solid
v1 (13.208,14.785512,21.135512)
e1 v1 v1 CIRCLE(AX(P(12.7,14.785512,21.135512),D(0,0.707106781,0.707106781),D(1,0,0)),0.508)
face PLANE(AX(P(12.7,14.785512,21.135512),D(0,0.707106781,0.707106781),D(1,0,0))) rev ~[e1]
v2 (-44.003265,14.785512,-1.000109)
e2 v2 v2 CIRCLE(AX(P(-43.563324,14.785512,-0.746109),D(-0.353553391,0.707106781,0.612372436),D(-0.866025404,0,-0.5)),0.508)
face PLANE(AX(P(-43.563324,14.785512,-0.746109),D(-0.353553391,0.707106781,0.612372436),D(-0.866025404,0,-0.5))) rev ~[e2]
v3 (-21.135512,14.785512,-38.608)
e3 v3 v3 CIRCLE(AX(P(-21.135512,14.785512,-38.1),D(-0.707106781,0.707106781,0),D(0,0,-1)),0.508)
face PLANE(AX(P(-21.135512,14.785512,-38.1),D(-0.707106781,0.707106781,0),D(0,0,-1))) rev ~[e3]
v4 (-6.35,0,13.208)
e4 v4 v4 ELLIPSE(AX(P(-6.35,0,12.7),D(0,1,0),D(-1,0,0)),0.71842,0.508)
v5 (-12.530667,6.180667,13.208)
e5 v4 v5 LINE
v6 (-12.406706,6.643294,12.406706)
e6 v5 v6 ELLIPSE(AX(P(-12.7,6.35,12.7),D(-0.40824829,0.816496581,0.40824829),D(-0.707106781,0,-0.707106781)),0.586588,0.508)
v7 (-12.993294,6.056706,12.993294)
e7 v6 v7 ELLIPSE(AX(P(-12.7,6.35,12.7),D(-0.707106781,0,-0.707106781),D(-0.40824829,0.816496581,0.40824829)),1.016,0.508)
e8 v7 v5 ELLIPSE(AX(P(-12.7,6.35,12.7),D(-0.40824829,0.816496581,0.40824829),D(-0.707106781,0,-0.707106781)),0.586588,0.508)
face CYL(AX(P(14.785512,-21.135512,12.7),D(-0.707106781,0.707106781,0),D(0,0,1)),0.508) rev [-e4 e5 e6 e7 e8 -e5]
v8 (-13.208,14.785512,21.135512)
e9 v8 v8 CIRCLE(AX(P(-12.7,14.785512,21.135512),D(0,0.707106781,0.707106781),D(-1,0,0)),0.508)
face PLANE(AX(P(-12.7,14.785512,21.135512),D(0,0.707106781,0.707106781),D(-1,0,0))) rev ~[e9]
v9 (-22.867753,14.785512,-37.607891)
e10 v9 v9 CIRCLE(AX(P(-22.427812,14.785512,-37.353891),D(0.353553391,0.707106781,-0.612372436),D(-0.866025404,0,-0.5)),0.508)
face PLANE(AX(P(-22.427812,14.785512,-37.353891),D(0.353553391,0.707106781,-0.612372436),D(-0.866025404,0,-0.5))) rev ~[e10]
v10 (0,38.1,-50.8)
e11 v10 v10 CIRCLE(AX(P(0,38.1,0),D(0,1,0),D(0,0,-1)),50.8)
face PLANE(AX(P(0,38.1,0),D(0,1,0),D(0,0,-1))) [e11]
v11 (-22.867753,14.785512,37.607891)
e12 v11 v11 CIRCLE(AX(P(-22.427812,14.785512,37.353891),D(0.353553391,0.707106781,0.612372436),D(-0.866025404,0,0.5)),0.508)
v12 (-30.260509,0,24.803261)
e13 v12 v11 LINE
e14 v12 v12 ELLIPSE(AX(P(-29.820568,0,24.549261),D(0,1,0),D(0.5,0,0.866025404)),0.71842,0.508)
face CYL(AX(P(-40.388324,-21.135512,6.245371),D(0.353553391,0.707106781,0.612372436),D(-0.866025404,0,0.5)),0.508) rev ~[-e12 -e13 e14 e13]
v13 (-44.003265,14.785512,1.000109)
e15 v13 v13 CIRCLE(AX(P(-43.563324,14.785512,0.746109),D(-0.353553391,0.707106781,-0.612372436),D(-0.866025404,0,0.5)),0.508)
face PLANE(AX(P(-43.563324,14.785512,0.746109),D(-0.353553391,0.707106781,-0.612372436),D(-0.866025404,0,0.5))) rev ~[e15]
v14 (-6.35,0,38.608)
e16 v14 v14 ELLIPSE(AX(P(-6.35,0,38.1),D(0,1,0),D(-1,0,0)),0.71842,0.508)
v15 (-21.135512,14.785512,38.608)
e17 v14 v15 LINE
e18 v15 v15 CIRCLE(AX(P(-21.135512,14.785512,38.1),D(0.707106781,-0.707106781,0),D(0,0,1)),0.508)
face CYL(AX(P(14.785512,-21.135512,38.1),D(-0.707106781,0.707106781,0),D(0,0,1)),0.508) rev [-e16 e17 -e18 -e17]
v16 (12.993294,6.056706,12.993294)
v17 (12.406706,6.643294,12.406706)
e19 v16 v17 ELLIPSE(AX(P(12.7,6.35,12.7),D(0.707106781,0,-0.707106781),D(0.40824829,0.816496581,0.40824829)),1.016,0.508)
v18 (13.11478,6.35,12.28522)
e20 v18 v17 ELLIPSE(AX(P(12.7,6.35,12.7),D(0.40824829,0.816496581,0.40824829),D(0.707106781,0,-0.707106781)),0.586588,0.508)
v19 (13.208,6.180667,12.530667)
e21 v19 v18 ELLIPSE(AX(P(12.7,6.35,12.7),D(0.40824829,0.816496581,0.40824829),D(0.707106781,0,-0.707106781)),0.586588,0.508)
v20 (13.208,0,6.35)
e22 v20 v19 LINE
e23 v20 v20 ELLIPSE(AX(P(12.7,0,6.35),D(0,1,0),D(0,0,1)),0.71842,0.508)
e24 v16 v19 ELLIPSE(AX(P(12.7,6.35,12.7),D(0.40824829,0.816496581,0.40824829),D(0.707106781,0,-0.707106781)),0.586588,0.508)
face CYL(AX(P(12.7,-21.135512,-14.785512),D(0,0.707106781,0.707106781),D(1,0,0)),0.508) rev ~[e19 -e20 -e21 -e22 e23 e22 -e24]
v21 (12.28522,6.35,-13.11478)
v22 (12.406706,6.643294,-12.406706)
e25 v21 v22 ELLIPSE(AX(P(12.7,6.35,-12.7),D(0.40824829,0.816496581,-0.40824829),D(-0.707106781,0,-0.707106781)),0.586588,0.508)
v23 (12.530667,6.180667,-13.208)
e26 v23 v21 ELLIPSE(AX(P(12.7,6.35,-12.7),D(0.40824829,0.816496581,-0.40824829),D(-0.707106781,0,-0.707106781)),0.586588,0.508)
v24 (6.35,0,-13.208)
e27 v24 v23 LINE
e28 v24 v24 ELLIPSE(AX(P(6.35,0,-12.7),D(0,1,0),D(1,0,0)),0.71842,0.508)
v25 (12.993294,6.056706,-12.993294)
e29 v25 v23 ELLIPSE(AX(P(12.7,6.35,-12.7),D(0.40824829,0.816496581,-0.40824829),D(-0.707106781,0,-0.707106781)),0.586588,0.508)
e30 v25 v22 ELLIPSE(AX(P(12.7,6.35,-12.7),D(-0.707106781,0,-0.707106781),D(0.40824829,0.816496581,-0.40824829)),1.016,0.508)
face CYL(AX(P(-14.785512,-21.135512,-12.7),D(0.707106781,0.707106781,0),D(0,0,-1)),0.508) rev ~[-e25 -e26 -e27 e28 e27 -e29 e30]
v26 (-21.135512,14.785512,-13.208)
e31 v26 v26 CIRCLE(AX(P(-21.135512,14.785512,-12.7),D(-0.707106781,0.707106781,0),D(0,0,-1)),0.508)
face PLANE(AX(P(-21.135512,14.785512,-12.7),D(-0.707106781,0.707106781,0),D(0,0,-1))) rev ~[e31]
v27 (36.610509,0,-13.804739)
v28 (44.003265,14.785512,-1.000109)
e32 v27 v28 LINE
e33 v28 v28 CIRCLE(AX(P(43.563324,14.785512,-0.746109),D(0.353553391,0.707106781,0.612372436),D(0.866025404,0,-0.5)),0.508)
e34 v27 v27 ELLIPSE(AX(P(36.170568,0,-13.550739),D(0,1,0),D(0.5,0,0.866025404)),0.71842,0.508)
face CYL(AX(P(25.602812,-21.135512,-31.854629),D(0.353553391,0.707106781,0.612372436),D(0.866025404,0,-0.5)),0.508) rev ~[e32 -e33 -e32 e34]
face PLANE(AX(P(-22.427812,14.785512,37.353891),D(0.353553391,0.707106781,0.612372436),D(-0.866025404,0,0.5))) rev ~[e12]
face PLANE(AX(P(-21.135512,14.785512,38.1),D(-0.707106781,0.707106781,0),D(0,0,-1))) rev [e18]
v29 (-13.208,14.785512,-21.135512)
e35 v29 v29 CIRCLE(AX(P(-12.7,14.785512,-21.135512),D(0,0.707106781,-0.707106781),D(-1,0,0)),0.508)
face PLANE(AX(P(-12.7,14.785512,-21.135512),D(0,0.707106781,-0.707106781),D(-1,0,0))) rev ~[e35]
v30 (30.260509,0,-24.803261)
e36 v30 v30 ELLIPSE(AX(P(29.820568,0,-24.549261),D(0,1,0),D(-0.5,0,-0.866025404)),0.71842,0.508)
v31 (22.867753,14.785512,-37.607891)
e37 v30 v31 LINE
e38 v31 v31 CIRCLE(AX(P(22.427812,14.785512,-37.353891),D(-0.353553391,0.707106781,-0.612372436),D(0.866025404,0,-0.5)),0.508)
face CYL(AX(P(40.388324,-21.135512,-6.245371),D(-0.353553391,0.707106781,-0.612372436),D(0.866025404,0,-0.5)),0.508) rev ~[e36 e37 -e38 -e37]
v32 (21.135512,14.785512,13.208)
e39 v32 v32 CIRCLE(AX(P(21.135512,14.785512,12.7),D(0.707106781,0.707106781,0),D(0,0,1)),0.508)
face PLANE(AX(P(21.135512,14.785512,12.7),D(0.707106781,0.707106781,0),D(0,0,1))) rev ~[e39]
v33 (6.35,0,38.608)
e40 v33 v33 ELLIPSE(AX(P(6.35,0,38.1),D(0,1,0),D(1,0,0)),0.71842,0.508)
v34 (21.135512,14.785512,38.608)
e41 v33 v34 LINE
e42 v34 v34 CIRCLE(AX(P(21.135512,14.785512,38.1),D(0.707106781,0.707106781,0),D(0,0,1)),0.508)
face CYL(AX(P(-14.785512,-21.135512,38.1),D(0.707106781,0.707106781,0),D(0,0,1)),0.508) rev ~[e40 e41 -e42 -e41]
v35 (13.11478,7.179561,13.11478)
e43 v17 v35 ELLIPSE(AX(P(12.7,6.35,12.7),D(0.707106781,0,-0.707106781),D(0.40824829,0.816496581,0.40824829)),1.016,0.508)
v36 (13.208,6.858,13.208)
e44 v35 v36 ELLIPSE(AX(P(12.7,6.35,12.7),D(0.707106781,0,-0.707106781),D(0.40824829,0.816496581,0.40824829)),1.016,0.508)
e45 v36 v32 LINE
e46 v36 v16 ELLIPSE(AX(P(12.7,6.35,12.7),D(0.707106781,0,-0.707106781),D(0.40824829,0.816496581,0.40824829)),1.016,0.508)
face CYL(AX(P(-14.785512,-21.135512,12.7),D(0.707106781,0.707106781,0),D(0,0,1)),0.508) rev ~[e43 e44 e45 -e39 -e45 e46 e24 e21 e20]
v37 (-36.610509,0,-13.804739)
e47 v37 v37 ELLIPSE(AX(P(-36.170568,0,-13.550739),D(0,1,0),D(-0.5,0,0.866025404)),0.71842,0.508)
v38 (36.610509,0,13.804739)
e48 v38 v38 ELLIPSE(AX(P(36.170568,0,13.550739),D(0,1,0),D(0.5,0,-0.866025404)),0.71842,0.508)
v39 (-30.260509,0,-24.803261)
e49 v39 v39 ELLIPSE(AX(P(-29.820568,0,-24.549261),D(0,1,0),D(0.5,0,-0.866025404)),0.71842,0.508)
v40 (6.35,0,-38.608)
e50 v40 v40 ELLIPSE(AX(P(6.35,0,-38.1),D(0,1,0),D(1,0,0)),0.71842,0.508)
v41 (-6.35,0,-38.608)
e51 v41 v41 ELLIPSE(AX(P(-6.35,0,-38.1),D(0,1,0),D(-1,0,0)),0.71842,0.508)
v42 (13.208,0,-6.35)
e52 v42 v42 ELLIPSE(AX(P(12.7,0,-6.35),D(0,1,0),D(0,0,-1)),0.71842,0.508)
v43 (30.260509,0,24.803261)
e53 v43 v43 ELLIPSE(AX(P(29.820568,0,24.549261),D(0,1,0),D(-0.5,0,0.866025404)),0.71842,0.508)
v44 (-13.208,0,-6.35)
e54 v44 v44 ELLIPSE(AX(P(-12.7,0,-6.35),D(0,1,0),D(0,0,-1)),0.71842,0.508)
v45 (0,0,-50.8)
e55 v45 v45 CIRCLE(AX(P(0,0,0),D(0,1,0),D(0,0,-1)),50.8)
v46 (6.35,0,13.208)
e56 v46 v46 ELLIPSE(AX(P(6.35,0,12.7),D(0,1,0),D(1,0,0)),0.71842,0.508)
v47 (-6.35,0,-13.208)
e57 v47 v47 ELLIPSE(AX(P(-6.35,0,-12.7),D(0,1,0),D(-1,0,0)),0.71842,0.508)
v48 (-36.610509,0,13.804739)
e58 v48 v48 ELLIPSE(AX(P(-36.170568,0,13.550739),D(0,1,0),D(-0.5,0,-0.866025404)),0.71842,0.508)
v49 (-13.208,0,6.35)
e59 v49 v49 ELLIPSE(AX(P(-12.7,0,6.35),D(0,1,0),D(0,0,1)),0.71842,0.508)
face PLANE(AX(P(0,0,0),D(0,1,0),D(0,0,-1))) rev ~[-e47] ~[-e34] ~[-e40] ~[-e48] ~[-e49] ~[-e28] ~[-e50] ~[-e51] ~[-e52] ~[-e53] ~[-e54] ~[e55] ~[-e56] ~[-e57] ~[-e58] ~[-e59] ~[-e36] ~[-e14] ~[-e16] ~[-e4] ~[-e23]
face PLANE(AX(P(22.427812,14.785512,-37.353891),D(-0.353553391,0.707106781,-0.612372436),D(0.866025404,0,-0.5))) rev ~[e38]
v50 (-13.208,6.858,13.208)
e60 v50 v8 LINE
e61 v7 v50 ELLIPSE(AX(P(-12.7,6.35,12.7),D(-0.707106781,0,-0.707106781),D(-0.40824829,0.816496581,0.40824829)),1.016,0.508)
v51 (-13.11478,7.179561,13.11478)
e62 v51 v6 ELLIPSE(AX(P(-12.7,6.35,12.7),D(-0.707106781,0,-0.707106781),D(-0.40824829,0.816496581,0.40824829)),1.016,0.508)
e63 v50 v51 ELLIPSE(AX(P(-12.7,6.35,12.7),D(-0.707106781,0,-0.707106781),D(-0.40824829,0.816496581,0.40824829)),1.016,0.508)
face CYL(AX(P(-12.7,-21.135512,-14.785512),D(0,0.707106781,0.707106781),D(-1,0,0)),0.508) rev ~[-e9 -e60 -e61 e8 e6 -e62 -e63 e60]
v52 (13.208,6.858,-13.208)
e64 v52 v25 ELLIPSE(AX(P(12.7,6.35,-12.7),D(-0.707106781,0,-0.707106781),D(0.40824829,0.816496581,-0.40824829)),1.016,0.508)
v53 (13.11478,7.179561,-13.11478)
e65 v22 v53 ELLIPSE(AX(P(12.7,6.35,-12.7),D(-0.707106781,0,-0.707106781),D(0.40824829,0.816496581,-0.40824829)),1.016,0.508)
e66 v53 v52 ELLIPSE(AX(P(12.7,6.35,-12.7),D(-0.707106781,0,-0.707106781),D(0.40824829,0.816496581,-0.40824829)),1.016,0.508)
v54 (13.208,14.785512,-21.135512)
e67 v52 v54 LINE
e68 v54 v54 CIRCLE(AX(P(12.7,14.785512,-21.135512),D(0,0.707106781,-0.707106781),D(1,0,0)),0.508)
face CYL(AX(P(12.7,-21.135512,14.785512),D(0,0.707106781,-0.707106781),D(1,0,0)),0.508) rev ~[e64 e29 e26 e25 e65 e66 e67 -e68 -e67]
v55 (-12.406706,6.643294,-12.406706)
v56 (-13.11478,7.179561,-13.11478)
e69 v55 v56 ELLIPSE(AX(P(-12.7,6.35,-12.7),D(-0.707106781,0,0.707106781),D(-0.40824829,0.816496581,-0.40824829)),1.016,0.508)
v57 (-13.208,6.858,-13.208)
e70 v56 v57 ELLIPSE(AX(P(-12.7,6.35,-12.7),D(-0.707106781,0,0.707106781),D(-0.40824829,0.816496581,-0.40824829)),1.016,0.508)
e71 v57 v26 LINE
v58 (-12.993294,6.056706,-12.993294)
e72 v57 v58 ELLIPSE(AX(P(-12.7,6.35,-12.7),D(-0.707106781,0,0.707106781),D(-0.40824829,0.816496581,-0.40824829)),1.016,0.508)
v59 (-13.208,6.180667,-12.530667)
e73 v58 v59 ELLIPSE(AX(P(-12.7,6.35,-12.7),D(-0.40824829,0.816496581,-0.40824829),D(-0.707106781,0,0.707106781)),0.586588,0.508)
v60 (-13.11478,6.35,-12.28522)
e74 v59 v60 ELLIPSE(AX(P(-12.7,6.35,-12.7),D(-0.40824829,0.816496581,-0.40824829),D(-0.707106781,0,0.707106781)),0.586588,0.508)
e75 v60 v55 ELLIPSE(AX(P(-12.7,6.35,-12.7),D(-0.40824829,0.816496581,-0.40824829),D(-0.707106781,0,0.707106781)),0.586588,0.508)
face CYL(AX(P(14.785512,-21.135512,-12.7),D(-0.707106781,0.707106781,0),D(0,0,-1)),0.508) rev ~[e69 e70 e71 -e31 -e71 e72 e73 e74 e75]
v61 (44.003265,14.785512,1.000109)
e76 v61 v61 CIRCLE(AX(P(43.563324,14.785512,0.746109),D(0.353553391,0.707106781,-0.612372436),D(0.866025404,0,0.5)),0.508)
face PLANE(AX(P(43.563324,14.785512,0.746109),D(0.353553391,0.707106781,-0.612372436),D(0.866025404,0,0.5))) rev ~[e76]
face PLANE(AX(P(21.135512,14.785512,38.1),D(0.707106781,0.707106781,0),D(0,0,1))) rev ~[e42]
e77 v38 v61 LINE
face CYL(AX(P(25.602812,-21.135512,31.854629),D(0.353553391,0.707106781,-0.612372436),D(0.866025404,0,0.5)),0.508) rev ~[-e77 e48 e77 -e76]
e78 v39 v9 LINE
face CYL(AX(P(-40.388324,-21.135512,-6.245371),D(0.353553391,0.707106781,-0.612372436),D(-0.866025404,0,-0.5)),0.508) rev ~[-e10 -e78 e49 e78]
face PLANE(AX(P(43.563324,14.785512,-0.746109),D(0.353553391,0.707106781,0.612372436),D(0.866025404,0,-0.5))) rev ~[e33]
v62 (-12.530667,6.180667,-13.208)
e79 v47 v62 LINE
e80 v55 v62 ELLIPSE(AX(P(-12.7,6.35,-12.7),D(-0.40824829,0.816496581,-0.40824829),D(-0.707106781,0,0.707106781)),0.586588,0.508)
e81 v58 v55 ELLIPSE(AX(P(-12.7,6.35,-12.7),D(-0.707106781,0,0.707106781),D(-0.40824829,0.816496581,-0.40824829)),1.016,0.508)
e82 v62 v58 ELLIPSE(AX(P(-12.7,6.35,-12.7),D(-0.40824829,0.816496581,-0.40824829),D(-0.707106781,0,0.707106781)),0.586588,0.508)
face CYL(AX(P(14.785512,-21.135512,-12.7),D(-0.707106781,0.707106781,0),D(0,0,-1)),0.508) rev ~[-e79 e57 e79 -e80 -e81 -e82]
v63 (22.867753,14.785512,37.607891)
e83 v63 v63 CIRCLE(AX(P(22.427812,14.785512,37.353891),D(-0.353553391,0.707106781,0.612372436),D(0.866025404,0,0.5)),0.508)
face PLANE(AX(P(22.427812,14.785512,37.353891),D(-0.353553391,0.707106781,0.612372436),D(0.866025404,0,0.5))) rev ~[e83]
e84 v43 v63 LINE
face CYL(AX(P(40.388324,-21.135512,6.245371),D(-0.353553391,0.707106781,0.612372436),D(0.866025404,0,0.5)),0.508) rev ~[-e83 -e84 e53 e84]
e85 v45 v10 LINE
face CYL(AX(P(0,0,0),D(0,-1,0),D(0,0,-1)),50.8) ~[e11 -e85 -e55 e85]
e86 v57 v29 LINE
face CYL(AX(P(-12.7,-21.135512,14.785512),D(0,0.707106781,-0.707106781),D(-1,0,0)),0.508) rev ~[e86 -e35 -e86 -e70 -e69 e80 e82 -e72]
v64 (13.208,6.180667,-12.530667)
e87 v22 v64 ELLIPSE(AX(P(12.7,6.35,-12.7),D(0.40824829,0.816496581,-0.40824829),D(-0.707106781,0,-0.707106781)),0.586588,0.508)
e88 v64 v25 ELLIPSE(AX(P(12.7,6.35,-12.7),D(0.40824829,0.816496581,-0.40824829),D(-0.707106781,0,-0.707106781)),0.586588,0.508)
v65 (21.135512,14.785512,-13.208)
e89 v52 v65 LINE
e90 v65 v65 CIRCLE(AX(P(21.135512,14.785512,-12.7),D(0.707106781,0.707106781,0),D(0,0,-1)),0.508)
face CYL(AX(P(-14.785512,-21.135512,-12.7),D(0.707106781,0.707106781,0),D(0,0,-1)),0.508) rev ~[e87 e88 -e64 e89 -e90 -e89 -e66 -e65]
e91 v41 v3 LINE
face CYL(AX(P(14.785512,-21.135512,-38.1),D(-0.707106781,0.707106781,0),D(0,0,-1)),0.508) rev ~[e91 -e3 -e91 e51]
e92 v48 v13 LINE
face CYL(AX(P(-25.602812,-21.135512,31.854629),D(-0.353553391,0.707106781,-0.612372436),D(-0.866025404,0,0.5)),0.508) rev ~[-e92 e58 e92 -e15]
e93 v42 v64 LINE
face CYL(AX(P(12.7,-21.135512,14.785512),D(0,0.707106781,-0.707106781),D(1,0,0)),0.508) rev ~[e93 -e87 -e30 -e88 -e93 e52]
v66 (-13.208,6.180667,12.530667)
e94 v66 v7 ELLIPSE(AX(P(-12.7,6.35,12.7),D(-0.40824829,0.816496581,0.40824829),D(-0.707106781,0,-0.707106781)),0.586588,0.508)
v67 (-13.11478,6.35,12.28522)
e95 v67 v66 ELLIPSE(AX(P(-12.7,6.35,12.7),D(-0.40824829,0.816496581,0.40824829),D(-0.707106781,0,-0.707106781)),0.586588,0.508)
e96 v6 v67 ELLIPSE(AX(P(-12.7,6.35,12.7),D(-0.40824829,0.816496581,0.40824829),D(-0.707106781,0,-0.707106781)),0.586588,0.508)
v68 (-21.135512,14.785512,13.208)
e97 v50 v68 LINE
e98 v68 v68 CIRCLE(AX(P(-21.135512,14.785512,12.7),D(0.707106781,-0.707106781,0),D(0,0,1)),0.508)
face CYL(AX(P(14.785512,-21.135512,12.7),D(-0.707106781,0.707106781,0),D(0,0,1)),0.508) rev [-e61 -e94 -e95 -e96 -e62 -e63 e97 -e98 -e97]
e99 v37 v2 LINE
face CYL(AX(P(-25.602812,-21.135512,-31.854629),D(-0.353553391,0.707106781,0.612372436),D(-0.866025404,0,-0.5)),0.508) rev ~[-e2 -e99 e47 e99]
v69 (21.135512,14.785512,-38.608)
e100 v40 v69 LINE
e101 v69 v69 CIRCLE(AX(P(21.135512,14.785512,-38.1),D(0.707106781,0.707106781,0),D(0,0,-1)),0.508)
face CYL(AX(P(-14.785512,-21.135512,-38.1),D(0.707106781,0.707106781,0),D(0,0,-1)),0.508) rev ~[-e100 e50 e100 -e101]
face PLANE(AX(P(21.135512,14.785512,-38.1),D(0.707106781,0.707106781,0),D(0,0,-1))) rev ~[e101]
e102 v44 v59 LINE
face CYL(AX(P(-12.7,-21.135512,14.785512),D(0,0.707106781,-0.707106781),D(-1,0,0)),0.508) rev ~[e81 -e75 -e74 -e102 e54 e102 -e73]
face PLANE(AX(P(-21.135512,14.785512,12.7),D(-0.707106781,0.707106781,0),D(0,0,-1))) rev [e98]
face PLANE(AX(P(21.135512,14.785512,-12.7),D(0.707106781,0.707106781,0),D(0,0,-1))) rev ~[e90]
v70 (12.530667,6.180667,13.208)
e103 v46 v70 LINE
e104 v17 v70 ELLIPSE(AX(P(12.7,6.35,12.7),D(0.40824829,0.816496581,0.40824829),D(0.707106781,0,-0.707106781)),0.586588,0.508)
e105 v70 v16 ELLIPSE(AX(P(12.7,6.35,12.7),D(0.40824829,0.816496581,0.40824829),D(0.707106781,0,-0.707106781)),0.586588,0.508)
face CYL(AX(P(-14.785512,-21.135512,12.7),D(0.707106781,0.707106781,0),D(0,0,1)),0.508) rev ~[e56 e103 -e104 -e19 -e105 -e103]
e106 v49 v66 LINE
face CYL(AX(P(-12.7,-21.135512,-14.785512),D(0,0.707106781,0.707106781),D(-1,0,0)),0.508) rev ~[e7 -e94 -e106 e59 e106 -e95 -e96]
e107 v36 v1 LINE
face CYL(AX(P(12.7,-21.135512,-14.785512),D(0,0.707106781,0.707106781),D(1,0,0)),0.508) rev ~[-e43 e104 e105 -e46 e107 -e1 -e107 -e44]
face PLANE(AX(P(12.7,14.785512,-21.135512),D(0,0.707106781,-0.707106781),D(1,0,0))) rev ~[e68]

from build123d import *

# Parameters (mm, degrees)
SKETCH2_R                = 50.8
BOSS_EXTRUDE1_DEPTH      = 38.1
FUEL_D                   = 1.016
FUEL_DEPTH               = 25.4
FUELPATTERN_COUNT        = 6
FUELPATTERN_COPY_1_D     = 1.016
FUELPATTERN_COPY_1_DEPTH = 25.4
FUELPATTERN_COPY_2_D     = 1.016
FUELPATTERN_COPY_2_DEPTH = 25.4
FUELPATTERN_COPY_3_D     = 1.016
FUELPATTERN_COPY_3_DEPTH = 25.4
FUELPATTERN_COPY_4_D     = 1.016
FUELPATTERN_COPY_4_DEPTH = 25.4
FUELPATTERN_COPY_5_D     = 1.016
FUELPATTERN_COPY_5_DEPTH = 25.4
OX_D                     = 1.016
OX_DEPTH                 = 25.4
OXPATTERN_COUNT          = 4
OXPATTERN_COPY_1_D       = 1.016
OXPATTERN_COPY_1_DEPTH   = 25.4
OXPATTERN_COPY_2_D       = 1.016
OXPATTERN_COPY_2_DEPTH   = 25.4
OXPATTERN_COPY_3_D       = 1.016
OXPATTERN_COPY_3_DEPTH   = 25.4


with BuildPart() as part:
    # Sketch2 → Boss-Extrude1 (new body)
    with BuildSketch(Plane(origin=(0, 0, 0), x_dir=(1, 0, 0), z_dir=(0, 1, 0))):
        with Locations(Location((0, 0, 0), (0, 0, 90))):
            Circle(SKETCH2_R)
    extrude(amount=BOSS_EXTRUDE1_DEPTH)

    # Fuel
    with Locations(Plane(origin=(0, 0, 0), x_dir=(0, 0, -1), z_dir=(-0.7071067811865488, -0.7071067811865464, 0))):
        with Locations((-38.1, 4.490128061)):
            fuel = Hole(FUEL_D / 2, depth=FUEL_DEPTH)

    # FuelMirror: Fuel across plane
    add(fuel.mirror(Plane(origin=(0, 0, 0), x_dir=(0, 0, 1), z_dir=(1, 0, 0))), mode=Mode.SUBTRACT)

    # FuelPattern: Fuel ×6 about axis
    fuelpattern_axis = Axis((0, 0, 0), (0, 1, 0))
    for i in range(1, FUELPATTERN_COUNT):
        add(fuel.rotate(fuelpattern_axis, i * 360 / FUELPATTERN_COUNT), mode=Mode.SUBTRACT)

    # FuelPattern copy 1
    with Locations(Plane(origin=(0, 0, 0), x_dir=(-0.8660254037844386, 0, -0.5000000000000001), z_dir=(0.35355339059327445, -0.7071067811865464, -0.6123724356957956))):
        with Locations((-38.1, -4.490128061)):
            Hole(FUELPATTERN_COPY_1_D / 2, depth=FUELPATTERN_COPY_1_DEPTH)

    # FuelPattern copy 2
    with Locations(Plane(origin=(0, 0, 0), x_dir=(-0.8660254037844387, 0, 0.4999999999999998), z_dir=(-0.35355339059327423, -0.7071067811865464, -0.6123724356957957))):
        with Locations((-38.1, -4.490128061)):
            Hole(FUELPATTERN_COPY_2_D / 2, depth=FUELPATTERN_COPY_2_DEPTH)

    # FuelPattern copy 3
    with Locations(Plane(origin=(0, 0, 0), x_dir=(0, 0, 1), z_dir=(-0.7071067811865488, -0.7071067811865464, 0))):
        with Locations((-38.1, -4.490128061)):
            Hole(FUELPATTERN_COPY_3_D / 2, depth=FUELPATTERN_COPY_3_DEPTH)

    # FuelPattern copy 4
    with Locations(Plane(origin=(0, 0, 0), x_dir=(0.8660254037844384, 0, 0.5000000000000004), z_dir=(-0.35355339059327473, -0.7071067811865464, 0.6123724356957955))):
        with Locations((-38.1, -4.490128061)):
            Hole(FUELPATTERN_COPY_4_D / 2, depth=FUELPATTERN_COPY_4_DEPTH)

    # FuelPattern copy 5
    with Locations(Plane(origin=(0, 0, 0), x_dir=(0.8660254037844386, 0, -0.5000000000000001), z_dir=(0.35355339059327445, -0.7071067811865464, 0.6123724356957956))):
        with Locations((-38.1, -4.490128061)):
            Hole(FUELPATTERN_COPY_5_D / 2, depth=FUELPATTERN_COPY_5_DEPTH)

    # Ox
    with Locations(Plane(origin=(0, 0, 0), x_dir=(0, 0, -1), z_dir=(-0.7071067811865488, -0.7071067811865464, 0))):
        with Locations((-12.7, 4.490128061)):
            ox = Hole(OX_D / 2, depth=OX_DEPTH)

    # OxMirror: Ox across plane
    add(ox.mirror(Plane(origin=(0, 0, 0), x_dir=(0, 0, 1), z_dir=(1, 0, 0))), mode=Mode.SUBTRACT)

    # OxPattern: Ox ×4 about axis
    oxpattern_axis = Axis((0, 0, 0), (0, 1, 0))
    for i in range(1, OXPATTERN_COUNT):
        add(ox.rotate(oxpattern_axis, i * 360 / OXPATTERN_COUNT), mode=Mode.SUBTRACT)

    # OxPattern copy 1
    with Locations(Plane(origin=(0, 0, 0), x_dir=(-1, 0, 0), z_dir=(0, -0.7071067811865464, -0.7071067811865488))):
        with Locations((-12.7, -4.490128061)):
            Hole(OXPATTERN_COPY_1_D / 2, depth=OXPATTERN_COPY_1_DEPTH)

    # OxPattern copy 2
    with Locations(Plane(origin=(0, 0, 0), x_dir=(0, 0, 1), z_dir=(-0.7071067811865488, -0.7071067811865464, 0))):
        with Locations((-12.7, -4.490128061)):
            Hole(OXPATTERN_COPY_2_D / 2, depth=OXPATTERN_COPY_2_DEPTH)

    # OxPattern copy 3
    with Locations(Plane(origin=(0, 0, 0), x_dir=(1, 0, 0), z_dir=(0, -0.7071067811865464, 0.7071067811865488))):
        with Locations((-12.7, -4.490128061)):
            Hole(OXPATTERN_COPY_3_D / 2, depth=OXPATTERN_COPY_3_DEPTH)


solid = part.part
